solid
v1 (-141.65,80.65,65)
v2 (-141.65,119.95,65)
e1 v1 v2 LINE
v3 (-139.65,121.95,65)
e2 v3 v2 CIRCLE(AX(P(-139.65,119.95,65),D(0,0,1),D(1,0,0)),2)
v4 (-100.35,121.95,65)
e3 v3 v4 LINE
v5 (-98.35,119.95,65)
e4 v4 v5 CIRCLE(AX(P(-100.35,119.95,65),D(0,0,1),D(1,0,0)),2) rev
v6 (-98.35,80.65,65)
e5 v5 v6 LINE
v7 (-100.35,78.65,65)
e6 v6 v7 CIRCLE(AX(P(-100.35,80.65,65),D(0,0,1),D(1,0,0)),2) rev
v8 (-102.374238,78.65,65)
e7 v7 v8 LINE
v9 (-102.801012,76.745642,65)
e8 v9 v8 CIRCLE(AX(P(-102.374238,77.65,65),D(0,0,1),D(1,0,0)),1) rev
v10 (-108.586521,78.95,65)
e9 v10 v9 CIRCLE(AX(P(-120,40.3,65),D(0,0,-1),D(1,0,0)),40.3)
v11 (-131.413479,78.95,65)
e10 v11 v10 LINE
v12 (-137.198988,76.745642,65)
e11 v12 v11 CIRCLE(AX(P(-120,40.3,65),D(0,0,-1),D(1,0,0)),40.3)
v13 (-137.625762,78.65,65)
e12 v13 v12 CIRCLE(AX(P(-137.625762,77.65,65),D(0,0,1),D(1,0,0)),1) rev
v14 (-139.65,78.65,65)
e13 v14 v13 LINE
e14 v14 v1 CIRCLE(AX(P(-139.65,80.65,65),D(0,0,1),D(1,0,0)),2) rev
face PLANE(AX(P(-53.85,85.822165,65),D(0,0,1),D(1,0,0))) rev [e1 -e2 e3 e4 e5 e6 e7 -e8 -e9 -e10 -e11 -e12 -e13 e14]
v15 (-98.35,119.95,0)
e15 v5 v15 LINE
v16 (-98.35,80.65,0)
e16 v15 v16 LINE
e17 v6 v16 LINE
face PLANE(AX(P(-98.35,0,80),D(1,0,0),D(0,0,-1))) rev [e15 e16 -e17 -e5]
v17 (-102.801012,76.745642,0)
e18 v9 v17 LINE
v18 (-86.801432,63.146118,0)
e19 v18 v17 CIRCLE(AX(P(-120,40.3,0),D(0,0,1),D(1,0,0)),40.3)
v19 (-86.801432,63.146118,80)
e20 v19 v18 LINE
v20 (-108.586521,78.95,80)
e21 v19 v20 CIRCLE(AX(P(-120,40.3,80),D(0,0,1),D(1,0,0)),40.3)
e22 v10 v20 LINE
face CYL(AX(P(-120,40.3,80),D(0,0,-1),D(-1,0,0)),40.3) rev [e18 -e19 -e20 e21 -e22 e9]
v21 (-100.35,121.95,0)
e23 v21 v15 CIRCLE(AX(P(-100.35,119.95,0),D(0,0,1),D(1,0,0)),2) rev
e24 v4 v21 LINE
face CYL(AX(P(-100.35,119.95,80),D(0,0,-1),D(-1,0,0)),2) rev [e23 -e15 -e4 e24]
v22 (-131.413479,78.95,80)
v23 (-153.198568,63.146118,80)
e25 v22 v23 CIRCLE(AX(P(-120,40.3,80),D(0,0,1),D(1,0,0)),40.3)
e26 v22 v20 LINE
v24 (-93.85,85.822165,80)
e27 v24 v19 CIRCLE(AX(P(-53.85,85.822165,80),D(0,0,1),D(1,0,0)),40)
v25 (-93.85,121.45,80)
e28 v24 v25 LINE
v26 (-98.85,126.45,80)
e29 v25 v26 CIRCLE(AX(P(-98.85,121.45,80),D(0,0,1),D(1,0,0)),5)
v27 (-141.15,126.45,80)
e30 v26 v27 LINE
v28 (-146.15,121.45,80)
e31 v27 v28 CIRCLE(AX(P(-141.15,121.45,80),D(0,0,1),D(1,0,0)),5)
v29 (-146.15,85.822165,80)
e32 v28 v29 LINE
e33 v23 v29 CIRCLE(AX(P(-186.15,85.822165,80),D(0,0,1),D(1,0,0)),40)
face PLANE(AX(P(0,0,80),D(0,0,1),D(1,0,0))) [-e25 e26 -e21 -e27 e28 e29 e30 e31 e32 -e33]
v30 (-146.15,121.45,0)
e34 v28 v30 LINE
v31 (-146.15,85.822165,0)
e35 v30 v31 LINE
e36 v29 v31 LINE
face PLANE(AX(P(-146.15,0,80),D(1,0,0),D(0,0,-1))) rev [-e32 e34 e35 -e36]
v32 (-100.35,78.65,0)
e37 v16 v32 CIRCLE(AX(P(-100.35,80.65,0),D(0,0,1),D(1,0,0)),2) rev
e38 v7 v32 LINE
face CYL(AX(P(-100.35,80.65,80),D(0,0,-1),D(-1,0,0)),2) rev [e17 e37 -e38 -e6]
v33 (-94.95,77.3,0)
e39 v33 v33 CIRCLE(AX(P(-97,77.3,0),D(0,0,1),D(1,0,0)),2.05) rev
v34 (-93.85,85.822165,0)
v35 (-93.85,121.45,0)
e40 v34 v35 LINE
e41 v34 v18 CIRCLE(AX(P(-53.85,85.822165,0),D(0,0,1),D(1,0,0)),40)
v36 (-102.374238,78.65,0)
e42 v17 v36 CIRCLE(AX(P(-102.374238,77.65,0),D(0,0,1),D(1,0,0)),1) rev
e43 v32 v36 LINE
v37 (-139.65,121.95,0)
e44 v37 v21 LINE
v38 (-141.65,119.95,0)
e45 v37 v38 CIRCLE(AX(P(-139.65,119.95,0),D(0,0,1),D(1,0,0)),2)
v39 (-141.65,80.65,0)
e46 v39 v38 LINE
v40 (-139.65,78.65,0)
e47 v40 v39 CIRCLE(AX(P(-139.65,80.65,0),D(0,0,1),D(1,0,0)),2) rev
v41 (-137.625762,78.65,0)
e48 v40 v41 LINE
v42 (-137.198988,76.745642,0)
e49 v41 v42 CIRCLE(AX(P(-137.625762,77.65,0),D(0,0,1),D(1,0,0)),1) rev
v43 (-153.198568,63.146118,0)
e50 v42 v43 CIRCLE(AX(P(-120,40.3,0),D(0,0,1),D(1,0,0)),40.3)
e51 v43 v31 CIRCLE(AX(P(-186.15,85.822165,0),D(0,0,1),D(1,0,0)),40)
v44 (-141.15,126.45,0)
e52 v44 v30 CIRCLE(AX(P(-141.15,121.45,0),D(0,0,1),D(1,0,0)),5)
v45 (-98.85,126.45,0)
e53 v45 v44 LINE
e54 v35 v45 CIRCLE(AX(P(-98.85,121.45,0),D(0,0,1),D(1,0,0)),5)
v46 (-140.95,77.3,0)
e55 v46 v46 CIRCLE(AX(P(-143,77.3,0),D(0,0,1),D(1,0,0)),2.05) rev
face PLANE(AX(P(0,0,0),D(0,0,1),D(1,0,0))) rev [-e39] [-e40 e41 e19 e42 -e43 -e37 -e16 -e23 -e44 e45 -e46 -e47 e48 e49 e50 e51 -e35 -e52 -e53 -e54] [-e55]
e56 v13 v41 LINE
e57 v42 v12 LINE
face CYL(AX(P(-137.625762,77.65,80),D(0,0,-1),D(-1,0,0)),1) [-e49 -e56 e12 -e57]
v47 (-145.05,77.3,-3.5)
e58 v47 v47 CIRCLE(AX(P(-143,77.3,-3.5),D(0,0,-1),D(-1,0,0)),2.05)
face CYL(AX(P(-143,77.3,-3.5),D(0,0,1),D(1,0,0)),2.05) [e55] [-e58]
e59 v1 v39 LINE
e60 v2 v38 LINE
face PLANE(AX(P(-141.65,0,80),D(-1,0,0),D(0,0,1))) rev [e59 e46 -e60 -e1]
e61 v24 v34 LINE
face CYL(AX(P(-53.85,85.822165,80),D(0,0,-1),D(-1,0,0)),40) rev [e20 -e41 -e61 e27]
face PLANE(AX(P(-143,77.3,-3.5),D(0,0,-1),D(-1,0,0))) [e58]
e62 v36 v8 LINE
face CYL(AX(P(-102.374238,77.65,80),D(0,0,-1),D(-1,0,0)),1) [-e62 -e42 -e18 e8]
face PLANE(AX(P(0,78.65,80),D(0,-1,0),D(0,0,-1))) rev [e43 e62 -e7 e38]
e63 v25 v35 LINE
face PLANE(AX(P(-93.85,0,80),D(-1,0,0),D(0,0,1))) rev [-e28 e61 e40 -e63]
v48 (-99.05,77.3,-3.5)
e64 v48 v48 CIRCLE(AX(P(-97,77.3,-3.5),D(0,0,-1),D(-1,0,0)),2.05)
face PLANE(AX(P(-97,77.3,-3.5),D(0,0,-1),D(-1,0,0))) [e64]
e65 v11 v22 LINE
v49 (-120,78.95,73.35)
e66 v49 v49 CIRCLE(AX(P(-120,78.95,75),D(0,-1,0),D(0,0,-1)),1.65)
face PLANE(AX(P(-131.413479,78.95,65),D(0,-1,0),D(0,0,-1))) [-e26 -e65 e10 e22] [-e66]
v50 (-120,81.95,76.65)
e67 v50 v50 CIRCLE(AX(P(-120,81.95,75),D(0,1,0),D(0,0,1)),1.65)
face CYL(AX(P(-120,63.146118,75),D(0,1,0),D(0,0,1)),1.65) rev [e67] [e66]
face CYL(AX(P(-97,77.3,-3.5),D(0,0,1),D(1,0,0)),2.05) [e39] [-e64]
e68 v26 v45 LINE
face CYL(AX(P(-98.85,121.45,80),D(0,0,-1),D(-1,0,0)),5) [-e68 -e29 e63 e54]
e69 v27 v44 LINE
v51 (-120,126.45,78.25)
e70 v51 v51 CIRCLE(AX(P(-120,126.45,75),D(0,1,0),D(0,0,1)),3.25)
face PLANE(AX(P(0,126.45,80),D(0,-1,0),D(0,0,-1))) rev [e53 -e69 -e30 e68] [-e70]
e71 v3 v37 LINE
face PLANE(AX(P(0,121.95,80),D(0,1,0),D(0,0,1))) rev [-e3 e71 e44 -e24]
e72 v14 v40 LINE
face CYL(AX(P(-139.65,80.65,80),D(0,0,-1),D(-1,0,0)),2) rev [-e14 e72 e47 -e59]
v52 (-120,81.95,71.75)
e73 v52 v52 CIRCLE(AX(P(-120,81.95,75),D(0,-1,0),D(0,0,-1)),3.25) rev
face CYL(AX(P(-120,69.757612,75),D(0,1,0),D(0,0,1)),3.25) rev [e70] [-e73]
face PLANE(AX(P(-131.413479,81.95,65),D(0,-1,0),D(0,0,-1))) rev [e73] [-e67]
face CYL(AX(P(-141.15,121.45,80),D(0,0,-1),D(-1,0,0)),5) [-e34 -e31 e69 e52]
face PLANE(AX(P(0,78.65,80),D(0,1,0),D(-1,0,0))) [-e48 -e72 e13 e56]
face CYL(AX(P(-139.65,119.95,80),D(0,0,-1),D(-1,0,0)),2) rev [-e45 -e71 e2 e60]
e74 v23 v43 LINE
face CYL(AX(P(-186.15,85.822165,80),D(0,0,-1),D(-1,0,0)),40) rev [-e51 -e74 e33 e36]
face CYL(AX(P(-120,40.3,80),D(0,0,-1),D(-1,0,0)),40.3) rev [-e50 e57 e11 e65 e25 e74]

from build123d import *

# Parameters (mm, degrees)
BOSS_EXTRUDE1_DEPTH = 80
FILLET1_R           = 1
SKETCH4_R           = 2.05
BOSS_EXTRUDE2_DEPTH = 3.5
BOSS_EXTRUDE3_START = -15
BOSS_EXTRUDE3_DEPTH = 15
SKETCH6_R           = 3.25
CUT_EXTRUDE1_DEPTH  = 44.5
SKETCH8_R           = 1.65
CUT_EXTRUDE2_DEPTH  = 179.465826414


with BuildPart() as part:
    # Sketch1 → Boss-Extrude1 (new body)
    with BuildSketch(Plane.XY):
        with BuildLine():
            Line((-141.65, 83.343364131), (-141.65, 117.256635869))
            Line((-141.65, 117.256635869), (-141.65, 119.95))
            ThreePointArc((-141.65, 119.95), (-141.064213562, 121.364213562), (-139.65, 121.95))
            Line((-139.65, 121.95), (-136.956635869, 121.95))
            Line((-136.956635869, 121.95), (-103.043364131, 121.95))
            Line((-103.043364131, 121.95), (-100.35, 121.95))
            ThreePointArc((-100.35, 121.95), (-98.935786438, 121.364213562), (-98.35, 119.95))
            Line((-98.35, 119.95), (-98.35, 117.256635869))
            Line((-98.35, 117.256635869), (-98.35, 83.343364131))
            Line((-98.35, 83.343364131), (-98.35, 80.65))
            ThreePointArc((-98.35, 80.65), (-98.935786438, 79.235786438), (-100.35, 78.65))
            Line((-100.35, 78.65), (-103.043364131, 78.65))
            Line((-103.043364131, 78.65), (-107.615836726, 78.65))
            ThreePointArc((-107.615836726, 78.65), (-95.926385052, 72.619515209), (-86.80143213, 63.146117643))
            ThreePointArc((-86.80143213, 63.146117643), (-92.047233442, 73.949028976), (-93.85, 85.822164931))
            Line((-93.85, 85.822164931), (-93.85, 121.45))
            ThreePointArc((-93.85, 121.45), (-95.314466094, 124.985533906), (-98.85, 126.45))
            Line((-98.85, 126.45), (-141.15, 126.45))
            ThreePointArc((-141.15, 126.45), (-144.685533906, 124.985533906), (-146.15, 121.45))
            Line((-146.15, 121.45), (-146.15, 85.822164931))
            ThreePointArc((-146.15, 85.822164931), (-147.952766558, 73.949028976), (-153.19856787, 63.146117643))
            ThreePointArc((-153.19856787, 63.146117643), (-144.073614948, 72.619515209), (-132.384163274, 78.65))
            Line((-132.384163274, 78.65), (-136.956635869, 78.65))
            Line((-136.956635869, 78.65), (-139.65, 78.65))
            ThreePointArc((-139.65, 78.65), (-141.064213562, 79.235786438), (-141.65, 80.65))
            Line((-141.65, 80.65), (-141.65, 83.343364131))
        make_face()
    extrude(amount=BOSS_EXTRUDE1_DEPTH)

    # Fillet1
    fillet1_edges = [part.edges().sort_by_distance(p)[0] for p in [
        (-107.615836726, 78.65, 40),
        (-132.384163274, 78.65, 40),
    ]]
    fillet(fillet1_edges, radius=FILLET1_R)

    # Sketch4 → Boss-Extrude2 (add)
    with BuildSketch(Plane(origin=(0, 0, 0), x_dir=(-1, 0, 0), z_dir=(0, 0, -1))):
        with Locations(Location((143, 77.3, 0), (0, 0, 180))):
            Circle(SKETCH4_R)
        with Locations(Location((97, 77.3, 0), (0, 0, 180))):
            Circle(SKETCH4_R)
    extrude(amount=BOSS_EXTRUDE2_DEPTH)

    # Sketch5 → Boss-Extrude3 (add)
    with BuildSketch(Plane.XY.offset(80).offset(BOSS_EXTRUDE3_START)):
        with BuildLine():
            Line((-93.85, 85.822164931), (-93.85, 121.45))
            ThreePointArc((-93.85, 121.45), (-95.314466094, 124.985533906), (-98.85, 126.45))
            Line((-98.85, 126.45), (-141.15, 126.45))
            ThreePointArc((-141.15, 126.45), (-144.685533906, 124.985533906), (-146.15, 121.45))
            Line((-146.15, 121.45), (-146.15, 85.822164931))
            ThreePointArc((-146.15, 85.822164931), (-147.952766558, 73.949028976), (-153.19856787, 63.146117643))
            ThreePointArc((-153.19856787, 63.146117643), (-143.664305463, 72.920402311), (-131.413478874, 78.95))
            Line((-131.413478874, 78.95), (-108.586521126, 78.95))
            ThreePointArc((-108.586521126, 78.95), (-96.335694537, 72.920402311), (-86.80143213, 63.146117643))
            ThreePointArc((-86.80143213, 63.146117643), (-92.047233442, 73.949028976), (-93.85, 85.822164931))
        make_face()
    extrude(amount=BOSS_EXTRUDE3_DEPTH)

    # Sketch6 → Cut-Extrude1 (cut)
    with BuildSketch(Plane(origin=(0, 126.45, 0), x_dir=(1, 0, 0), z_dir=(0, 1, 0))):
        with Locations(Location((-120, -75, 0), (0, 0, 270))):
            Circle(SKETCH6_R)
    extrude(amount=-CUT_EXTRUDE1_DEPTH, mode=Mode.SUBTRACT)

    # Sketch8 → Cut-Extrude2 (cut, through all)
    with BuildSketch(Plane(origin=(0, 81.95, 0), x_dir=(1, 0, 0), z_dir=(0, 1, 0))):
        with Locations(Location((-120, -75, 0), (0, 0, 270))):
            Circle(SKETCH8_R)
    extrude(amount=-CUT_EXTRUDE2_DEPTH, mode=Mode.SUBTRACT)


solid = part.part
